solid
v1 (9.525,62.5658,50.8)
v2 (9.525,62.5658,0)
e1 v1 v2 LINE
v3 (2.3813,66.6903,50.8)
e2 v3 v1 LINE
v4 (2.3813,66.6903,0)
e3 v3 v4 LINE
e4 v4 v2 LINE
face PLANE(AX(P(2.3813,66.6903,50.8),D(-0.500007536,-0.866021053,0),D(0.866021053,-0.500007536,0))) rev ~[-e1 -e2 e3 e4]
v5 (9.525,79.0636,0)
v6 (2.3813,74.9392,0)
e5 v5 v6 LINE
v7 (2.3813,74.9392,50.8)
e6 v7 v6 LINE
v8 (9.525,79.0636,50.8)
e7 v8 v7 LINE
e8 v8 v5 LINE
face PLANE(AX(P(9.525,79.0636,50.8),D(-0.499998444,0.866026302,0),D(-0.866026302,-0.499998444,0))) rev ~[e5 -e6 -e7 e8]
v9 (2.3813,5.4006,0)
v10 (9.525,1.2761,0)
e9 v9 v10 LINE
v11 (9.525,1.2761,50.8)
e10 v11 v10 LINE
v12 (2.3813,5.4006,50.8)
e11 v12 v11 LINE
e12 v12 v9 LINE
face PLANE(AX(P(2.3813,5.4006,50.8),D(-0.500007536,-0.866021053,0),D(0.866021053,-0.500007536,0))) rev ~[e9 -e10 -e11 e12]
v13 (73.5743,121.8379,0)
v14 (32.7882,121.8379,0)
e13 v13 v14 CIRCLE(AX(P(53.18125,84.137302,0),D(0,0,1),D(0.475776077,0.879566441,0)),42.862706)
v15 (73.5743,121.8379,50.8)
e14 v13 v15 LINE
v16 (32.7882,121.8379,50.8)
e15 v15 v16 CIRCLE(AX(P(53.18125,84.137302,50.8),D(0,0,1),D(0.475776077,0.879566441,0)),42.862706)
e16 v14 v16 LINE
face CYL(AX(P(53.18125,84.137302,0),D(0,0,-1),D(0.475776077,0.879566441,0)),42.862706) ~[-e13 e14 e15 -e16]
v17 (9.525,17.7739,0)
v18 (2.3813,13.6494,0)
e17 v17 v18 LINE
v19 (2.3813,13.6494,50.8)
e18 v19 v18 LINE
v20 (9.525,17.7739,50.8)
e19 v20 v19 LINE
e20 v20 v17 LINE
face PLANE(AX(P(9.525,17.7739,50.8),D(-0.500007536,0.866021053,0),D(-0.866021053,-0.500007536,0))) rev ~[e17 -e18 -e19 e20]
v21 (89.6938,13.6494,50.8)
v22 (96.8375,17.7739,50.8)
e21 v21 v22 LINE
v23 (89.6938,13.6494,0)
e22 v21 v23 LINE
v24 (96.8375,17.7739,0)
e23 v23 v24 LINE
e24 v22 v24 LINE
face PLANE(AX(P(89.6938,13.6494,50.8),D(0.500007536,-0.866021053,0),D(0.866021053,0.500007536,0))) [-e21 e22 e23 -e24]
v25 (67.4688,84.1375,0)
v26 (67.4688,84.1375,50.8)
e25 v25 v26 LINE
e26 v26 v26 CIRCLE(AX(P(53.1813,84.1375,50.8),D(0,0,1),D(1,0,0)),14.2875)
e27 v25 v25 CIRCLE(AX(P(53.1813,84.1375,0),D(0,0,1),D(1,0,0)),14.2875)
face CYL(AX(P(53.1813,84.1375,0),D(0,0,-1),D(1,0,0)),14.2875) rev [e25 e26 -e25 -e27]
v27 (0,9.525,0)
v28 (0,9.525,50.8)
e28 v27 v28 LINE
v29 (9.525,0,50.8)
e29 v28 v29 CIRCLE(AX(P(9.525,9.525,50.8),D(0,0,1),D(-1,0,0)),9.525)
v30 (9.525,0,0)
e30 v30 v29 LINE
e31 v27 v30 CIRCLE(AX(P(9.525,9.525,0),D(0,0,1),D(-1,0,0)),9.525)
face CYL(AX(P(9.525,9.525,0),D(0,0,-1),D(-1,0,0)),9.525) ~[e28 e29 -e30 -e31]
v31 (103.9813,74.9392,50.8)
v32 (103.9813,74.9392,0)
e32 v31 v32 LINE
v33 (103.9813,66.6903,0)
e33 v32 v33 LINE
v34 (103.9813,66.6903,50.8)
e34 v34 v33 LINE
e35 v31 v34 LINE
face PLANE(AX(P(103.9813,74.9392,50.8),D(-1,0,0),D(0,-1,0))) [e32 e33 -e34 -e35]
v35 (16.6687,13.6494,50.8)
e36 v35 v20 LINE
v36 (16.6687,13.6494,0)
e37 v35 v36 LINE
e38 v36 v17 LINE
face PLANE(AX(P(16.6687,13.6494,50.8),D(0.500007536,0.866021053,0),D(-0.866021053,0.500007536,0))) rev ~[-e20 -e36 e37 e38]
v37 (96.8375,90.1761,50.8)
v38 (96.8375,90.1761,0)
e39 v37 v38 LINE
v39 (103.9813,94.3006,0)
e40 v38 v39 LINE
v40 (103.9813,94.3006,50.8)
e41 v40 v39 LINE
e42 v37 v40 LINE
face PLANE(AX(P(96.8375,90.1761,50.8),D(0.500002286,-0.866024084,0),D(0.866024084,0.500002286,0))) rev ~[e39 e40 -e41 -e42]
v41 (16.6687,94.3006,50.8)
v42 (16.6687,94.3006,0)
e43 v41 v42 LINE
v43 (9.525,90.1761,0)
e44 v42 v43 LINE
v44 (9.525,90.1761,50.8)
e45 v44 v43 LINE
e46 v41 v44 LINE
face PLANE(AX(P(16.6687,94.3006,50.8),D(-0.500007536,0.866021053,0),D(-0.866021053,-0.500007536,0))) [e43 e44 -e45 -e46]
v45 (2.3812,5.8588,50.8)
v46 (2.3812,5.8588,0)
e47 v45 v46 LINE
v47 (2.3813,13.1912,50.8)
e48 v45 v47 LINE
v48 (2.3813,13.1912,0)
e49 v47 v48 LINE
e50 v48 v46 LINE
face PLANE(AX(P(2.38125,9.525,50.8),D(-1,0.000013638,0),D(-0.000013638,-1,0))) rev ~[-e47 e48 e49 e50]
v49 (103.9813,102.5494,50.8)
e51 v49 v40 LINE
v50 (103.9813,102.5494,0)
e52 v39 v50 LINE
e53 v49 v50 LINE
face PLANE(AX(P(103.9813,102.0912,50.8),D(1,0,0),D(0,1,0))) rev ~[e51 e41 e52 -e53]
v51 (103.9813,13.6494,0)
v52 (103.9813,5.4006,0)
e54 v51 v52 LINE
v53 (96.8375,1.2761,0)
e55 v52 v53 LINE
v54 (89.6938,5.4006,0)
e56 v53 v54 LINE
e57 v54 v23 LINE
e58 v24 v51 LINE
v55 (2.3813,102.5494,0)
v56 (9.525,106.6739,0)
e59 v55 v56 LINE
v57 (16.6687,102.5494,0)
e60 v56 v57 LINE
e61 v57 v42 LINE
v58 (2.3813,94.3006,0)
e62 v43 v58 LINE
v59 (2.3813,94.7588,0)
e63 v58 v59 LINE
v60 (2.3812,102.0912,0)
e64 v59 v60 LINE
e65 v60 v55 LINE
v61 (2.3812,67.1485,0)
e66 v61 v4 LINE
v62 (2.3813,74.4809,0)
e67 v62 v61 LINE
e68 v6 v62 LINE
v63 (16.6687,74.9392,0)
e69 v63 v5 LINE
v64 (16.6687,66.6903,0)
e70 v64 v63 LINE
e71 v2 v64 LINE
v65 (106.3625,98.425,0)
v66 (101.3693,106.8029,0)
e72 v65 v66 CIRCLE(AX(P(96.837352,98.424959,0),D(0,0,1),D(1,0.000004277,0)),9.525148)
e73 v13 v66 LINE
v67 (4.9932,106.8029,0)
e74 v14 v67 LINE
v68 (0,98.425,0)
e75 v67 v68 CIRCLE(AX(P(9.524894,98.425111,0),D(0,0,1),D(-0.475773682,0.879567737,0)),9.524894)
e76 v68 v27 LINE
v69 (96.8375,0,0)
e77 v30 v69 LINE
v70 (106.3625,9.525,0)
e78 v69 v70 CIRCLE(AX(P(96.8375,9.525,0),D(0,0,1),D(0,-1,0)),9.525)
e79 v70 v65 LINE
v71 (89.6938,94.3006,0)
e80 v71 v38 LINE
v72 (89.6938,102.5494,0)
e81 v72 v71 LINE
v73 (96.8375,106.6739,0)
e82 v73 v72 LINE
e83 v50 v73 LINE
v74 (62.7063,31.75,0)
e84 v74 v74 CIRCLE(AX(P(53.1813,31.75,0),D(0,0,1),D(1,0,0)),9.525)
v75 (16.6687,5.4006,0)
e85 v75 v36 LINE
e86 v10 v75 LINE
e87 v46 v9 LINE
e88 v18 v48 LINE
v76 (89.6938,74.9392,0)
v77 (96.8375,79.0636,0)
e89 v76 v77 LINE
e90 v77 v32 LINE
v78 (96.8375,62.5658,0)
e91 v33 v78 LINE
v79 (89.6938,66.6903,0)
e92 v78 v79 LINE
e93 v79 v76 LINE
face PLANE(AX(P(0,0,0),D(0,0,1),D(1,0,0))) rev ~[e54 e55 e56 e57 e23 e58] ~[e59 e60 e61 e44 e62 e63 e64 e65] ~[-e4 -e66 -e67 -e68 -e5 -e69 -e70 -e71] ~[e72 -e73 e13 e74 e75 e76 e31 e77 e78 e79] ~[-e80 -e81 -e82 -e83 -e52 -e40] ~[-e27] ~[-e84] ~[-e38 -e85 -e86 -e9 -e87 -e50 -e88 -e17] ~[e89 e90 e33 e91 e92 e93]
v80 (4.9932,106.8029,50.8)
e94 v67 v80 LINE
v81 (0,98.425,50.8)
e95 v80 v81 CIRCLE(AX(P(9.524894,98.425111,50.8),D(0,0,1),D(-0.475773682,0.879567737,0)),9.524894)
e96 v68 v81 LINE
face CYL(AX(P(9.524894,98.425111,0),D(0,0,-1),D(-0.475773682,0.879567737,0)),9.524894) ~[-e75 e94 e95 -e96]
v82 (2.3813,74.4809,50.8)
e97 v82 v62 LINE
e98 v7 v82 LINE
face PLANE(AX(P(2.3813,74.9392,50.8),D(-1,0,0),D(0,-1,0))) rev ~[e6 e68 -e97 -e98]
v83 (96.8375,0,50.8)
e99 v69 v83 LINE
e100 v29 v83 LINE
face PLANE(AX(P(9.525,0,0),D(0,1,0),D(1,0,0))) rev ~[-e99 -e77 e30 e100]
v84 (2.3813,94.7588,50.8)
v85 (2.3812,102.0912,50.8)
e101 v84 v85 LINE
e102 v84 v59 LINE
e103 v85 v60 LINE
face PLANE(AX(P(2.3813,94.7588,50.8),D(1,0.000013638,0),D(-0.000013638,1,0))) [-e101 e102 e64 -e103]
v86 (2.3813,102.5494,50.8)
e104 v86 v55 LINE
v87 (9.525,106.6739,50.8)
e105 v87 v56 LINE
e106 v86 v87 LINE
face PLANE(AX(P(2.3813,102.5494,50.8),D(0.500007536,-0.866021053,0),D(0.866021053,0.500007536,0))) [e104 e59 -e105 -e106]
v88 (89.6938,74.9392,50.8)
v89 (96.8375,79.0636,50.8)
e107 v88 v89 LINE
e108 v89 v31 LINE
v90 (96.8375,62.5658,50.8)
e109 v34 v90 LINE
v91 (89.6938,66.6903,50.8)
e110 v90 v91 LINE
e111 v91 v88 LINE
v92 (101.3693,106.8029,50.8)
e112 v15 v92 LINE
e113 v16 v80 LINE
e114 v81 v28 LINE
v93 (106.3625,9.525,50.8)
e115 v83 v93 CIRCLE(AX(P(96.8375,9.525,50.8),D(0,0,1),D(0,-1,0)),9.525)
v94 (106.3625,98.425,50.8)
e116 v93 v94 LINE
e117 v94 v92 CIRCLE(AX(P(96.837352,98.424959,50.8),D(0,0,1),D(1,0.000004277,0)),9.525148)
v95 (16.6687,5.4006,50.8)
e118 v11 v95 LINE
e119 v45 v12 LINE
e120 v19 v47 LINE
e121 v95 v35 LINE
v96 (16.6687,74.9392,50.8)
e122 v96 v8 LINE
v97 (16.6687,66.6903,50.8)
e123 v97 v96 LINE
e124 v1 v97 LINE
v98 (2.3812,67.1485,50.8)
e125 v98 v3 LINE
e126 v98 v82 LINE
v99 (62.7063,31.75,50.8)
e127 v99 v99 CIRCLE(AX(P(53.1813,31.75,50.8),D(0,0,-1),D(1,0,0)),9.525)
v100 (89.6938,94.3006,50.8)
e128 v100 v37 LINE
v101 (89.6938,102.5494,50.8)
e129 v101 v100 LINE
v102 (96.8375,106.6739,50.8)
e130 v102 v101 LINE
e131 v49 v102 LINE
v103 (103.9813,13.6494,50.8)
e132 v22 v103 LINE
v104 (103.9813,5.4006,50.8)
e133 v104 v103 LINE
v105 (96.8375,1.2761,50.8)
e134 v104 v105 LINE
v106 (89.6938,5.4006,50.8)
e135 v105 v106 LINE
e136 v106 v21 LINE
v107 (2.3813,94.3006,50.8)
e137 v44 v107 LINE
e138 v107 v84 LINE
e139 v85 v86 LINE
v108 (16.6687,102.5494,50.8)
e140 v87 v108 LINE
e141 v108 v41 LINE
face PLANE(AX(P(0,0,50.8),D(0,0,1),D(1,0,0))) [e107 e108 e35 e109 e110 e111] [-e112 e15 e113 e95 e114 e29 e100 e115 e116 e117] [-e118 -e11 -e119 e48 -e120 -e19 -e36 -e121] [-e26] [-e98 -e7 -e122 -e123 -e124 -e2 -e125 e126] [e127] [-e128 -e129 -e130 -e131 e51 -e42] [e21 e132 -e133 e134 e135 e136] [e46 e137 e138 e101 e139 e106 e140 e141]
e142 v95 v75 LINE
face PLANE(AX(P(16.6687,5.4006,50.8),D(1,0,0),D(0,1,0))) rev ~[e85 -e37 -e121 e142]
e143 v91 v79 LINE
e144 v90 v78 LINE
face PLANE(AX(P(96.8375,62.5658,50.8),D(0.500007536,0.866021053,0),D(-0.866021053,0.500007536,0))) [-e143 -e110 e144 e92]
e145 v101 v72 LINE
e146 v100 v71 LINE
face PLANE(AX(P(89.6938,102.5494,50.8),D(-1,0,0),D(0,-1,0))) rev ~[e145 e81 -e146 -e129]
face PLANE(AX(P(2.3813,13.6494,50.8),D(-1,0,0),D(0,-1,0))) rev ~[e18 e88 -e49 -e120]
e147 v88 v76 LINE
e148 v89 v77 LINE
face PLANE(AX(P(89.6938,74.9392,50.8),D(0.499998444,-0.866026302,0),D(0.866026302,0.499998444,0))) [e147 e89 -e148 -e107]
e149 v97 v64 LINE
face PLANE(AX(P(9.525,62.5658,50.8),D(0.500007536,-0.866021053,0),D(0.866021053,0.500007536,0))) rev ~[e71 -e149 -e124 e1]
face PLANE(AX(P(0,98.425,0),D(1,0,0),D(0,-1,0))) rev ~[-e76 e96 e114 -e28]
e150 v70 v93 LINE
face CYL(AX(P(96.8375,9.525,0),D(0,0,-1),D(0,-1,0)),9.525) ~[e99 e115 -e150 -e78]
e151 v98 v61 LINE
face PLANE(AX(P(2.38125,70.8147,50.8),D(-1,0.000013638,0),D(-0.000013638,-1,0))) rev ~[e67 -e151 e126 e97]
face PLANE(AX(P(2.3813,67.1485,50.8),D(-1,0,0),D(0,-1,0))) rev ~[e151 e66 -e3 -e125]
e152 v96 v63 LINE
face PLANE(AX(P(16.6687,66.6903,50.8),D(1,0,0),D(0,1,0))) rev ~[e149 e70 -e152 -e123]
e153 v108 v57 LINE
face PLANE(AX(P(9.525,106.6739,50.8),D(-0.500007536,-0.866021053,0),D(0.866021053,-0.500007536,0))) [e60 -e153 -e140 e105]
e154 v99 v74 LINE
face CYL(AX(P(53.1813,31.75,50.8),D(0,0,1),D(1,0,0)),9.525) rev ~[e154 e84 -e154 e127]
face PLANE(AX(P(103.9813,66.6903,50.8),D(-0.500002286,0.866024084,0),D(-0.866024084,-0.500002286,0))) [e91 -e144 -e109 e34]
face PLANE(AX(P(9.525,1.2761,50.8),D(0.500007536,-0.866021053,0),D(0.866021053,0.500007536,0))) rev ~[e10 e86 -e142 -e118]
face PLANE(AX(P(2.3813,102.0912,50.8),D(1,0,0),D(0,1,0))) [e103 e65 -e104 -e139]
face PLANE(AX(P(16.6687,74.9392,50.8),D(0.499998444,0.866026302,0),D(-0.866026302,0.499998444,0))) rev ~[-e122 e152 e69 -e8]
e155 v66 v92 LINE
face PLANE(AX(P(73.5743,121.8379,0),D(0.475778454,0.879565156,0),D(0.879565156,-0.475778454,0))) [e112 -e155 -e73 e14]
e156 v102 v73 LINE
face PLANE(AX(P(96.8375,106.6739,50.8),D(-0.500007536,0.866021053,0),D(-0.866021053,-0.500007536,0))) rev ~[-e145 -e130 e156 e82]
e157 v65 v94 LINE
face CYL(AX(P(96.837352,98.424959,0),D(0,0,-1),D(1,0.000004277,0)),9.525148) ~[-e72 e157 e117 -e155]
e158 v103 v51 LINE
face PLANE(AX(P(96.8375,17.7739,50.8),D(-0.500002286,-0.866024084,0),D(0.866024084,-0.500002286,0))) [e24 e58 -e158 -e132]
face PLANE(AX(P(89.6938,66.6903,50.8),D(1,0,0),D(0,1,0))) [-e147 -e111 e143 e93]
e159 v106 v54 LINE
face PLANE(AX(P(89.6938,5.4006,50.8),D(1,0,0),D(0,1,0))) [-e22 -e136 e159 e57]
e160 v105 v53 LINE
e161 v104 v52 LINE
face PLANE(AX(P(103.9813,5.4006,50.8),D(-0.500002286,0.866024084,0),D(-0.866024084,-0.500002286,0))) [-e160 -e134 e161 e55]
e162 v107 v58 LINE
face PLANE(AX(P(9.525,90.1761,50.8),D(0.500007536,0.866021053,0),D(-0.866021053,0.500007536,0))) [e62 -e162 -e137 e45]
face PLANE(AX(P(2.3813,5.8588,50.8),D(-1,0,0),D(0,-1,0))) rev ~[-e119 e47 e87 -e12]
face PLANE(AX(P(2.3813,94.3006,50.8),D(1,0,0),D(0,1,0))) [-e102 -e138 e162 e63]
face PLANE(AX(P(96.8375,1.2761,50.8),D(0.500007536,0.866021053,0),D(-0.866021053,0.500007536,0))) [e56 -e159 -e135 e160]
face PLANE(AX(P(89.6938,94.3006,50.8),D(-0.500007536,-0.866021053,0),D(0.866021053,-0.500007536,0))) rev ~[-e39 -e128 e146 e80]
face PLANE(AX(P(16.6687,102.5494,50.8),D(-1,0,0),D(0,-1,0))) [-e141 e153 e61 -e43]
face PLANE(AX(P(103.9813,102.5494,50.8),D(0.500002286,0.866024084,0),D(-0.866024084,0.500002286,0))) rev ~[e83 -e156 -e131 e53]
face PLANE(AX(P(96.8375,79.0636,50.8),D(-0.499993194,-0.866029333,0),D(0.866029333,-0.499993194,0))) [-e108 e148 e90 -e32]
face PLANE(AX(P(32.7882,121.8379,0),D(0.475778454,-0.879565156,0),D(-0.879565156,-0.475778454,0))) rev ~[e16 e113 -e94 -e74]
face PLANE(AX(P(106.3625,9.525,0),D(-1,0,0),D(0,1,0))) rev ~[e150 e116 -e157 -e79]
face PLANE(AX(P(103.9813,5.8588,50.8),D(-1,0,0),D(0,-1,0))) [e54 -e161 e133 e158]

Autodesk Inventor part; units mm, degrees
ref_plane "YZ Plane" through (0, 0, 0) normal (1, 0, 0) x (0, 1, 0)
ref_plane "XZ Plane" through (0, 0, 0) normal (0, 1, 0) x (-1, 0, 0)
ref_plane "XY Plane" through (0, 0, 0) normal (0, 0, 1) x (1, 0, 0)
sketch "Sketch1" plane through (0, 0, 0) normal (0, 0, 1) x (1, 0, 0)
  line L0 (9.525, 0) -> (96.8375, 0)
  arc A0 (0, 9.525) -> (9.525, 0) centre (9.525, 9.525) ccw
  arc A1 (96.8375, 0) -> (106.3625, 9.525) centre (96.8375, 9.525) ccw
  arc A2 (106.3625, 98.425) -> (101.3693, 106.8029) centre (96.8375, 98.425) ccw
  circle A3 centre (53.1813, 84.1375) radius 14.2875
  line L1 (32.7882, 121.8379) -> (4.9932, 106.8029)
  line L2 (73.5743, 121.8379) -> (101.3693, 106.8029)
  line L3 (0, 98.425) -> (0, 9.525)
  line L4 (106.3625, 9.525) -> (106.3625, 98.425)
  arc A4 (73.5743, 121.8379) -> (32.7882, 121.8379) centre (53.1813, 84.1375) ccw
  arc A5 (4.9932, 106.8029) -> (0, 98.425) centre (9.525, 98.425) ccw
  point P0 (0, 0)
extrude "Extrusion1" add sketch "Sketch1" along normal blind 50.8
sketch "Sketch2" plane through (0, 0, 50.8) normal (0, 0, 1) x (1, 0, 0)
  arc A0 (0, 9.525) -> (9.525, 0) centre (9.525, 9.525) ccw projected
  arc A1 (96.8375, 0) -> (106.3625, 9.525) centre (96.8375, 9.525) ccw projected
  line L0 (96.8375, 0) -> (96.8375, 9.525)
  arc A2 (106.3625, 98.425) -> (101.3693, 106.8029) centre (96.8375, 98.425) ccw projected
  line L1 (106.3625, 98.425) -> (96.8375, 98.425)
  arc A3 (4.9932, 106.8029) -> (0, 98.425) centre (9.525, 98.425) ccw projected
  line L2 (9.525, 90.1761) -> (9.525, 79.0636)
  line L3 (2.3813, 94.7588) -> (2.3812, 102.0912)
  line L4 (9.525, 84.6199) -> (12.0788, 84.6199)
  line L5 (0, 9.525) -> (0, 53.975)
  line L6 (0, 53.975) -> (101.6, 53.975)
  circle A4 centre (53.1813, 84.1375) radius 14.2875 projected
  line L7 (53.1813, 84.1375) -> (53.1813, -32.9596)
  line L8 (9.525, 98.425) -> (2.3813, 98.425)
  line L9 (2.3813, 102.5494) -> (9.525, 106.6739)
  line L10 (9.525, 106.6739) -> (16.6687, 102.5494)
  line L11 (16.6687, 102.5494) -> (16.6687, 94.3006)
  line L12 (16.6687, 94.3006) -> (9.525, 90.1761)
  line L13 (9.525, 90.1761) -> (2.3813, 94.3006)
  line L14 (2.3813, 94.3006) -> (2.3813, 102.5494)
  line L15 (2.3813, 74.4809) -> (2.3812, 67.1485)
  line L16 (9.525, 70.8147) -> (2.3813, 70.8147)
  line L17 (2.3813, 66.6903) -> (9.525, 62.5658)
  line L18 (9.525, 62.5658) -> (16.6687, 66.6903)
  line L19 (16.6687, 66.6903) -> (16.6687, 74.9392)
  line L20 (16.6687, 74.9392) -> (9.525, 79.0636)
  line L21 (9.525, 79.0636) -> (2.3813, 74.9392)
  line L22 (2.3813, 74.9392) -> (2.3813, 66.6903)
  arc A5 (0, 9.525) -> (4.9932, 1.1471) centre (9.525, 9.525) ccw
  line L23 (2.3813, 13.1912) -> (2.3812, 5.8588)
  line L24 (9.525, 9.525) -> (2.3813, 9.525)
  line L25 (2.3813, 5.4006) -> (9.525, 1.2761)
  line L26 (9.525, 1.2761) -> (16.6687, 5.4006)
  line L27 (16.6687, 5.4006) -> (16.6687, 13.6494)
  line L28 (16.6687, 13.6494) -> (9.525, 17.7739)
  line L29 (9.525, 17.7739) -> (2.3813, 13.6494)
  line L30 (2.3813, 13.6494) -> (2.3813, 5.4006)
  line L31 (96.8375, 90.1761) -> (96.8375, 79.0636)
  line L32 (103.9813, 94.7588) -> (103.9813, 102.0912)
  line L33 (96.8375, 84.6199) -> (94.2837, 84.6199)
  line L34 (96.8375, 98.425) -> (103.9813, 98.425)
  line L35 (103.9813, 102.5494) -> (96.8375, 106.6739)
  line L36 (96.8375, 106.6739) -> (89.6938, 102.5494)
  line L37 (89.6938, 102.5494) -> (89.6938, 94.3006)
  line L38 (89.6938, 94.3006) -> (96.8375, 90.1761)
  line L39 (96.8375, 90.1761) -> (103.9813, 94.3006)
  line L40 (103.9813, 94.3006) -> (103.9813, 102.5494)
  line L41 (89.6938, 66.6903) -> (89.6938, 74.9392)
  line L42 (96.8375, 62.5658) -> (89.6938, 66.6903)
  line L43 (89.6938, 74.9392) -> (96.8375, 79.0636)
  line L44 (96.8375, 70.8147) -> (103.9813, 70.8147)
  line L45 (103.9813, 74.4809) -> (103.9813, 67.1485)
  line L46 (96.8375, 79.0636) -> (103.9813, 74.9392)
  line L47 (103.9813, 74.9392) -> (103.9813, 66.6903)
  line L48 (103.9813, 66.6903) -> (96.8375, 62.5658)
  line L49 (96.8375, 1.2761) -> (89.6938, 5.4006)
  line L50 (89.6938, 5.4006) -> (89.6938, 13.6494)
  line L51 (89.6938, 13.6494) -> (96.8375, 17.7739)
  line L52 (96.8375, 17.7739) -> (103.9813, 13.6494)
  line L53 (96.8375, 9.525) -> (103.9813, 9.525)
  line L54 (103.9813, 5.4006) -> (96.8375, 1.2761)
  line L55 (103.9813, 13.1912) -> (103.9813, 5.8588)
  arc A6 (101.3693, 1.1471) -> (106.3625, 9.525) centre (96.8375, 9.525) ccw
  line L56 (103.9813, 13.6494) -> (103.9813, 5.4006)
  point P0 (0, 0)
  point P1 (96.8375, 9.525)
  point P2 (96.8375, 98.425)
  point P3 (96.8375, 9.525)
  dimension "d15" = 11.1125
extrude "Extrusion2" cut sketch "Sketch2" against normal through all contours L49 L50 L51 L52 L56 L55 L53 L0 | L0 L53 L55 L56 L54 | L20 L19 L18 L17 L22 L15 L21 | L13 L14 L3 L9 L10 L11 L12 | L30 L29 L28 L27 L26 L25 L23 | L46 L47 L45 L48 L42 L41 L43 | L38 L37 L36 L35 L40 L32 L39
sketch "Sketch3" plane through (0, 0, 50.8) normal (0, 0, 1) x (1, 0, 0)
  circle A0 centre (53.1813, 31.75) radius 9.525
  circle A1 centre (53.1813, 84.1375) radius 14.2875 projected
  line L0 (53.1813, 69.85) -> (53.1813, 31.75)
  point P0 (0, 0)
  dimension "d25" = 19.05
  dimension "d27" = 38.1
extrude "Extrusion3" cut sketch "Sketch3" against normal through all contours A0
properties part number "Transmission box"
